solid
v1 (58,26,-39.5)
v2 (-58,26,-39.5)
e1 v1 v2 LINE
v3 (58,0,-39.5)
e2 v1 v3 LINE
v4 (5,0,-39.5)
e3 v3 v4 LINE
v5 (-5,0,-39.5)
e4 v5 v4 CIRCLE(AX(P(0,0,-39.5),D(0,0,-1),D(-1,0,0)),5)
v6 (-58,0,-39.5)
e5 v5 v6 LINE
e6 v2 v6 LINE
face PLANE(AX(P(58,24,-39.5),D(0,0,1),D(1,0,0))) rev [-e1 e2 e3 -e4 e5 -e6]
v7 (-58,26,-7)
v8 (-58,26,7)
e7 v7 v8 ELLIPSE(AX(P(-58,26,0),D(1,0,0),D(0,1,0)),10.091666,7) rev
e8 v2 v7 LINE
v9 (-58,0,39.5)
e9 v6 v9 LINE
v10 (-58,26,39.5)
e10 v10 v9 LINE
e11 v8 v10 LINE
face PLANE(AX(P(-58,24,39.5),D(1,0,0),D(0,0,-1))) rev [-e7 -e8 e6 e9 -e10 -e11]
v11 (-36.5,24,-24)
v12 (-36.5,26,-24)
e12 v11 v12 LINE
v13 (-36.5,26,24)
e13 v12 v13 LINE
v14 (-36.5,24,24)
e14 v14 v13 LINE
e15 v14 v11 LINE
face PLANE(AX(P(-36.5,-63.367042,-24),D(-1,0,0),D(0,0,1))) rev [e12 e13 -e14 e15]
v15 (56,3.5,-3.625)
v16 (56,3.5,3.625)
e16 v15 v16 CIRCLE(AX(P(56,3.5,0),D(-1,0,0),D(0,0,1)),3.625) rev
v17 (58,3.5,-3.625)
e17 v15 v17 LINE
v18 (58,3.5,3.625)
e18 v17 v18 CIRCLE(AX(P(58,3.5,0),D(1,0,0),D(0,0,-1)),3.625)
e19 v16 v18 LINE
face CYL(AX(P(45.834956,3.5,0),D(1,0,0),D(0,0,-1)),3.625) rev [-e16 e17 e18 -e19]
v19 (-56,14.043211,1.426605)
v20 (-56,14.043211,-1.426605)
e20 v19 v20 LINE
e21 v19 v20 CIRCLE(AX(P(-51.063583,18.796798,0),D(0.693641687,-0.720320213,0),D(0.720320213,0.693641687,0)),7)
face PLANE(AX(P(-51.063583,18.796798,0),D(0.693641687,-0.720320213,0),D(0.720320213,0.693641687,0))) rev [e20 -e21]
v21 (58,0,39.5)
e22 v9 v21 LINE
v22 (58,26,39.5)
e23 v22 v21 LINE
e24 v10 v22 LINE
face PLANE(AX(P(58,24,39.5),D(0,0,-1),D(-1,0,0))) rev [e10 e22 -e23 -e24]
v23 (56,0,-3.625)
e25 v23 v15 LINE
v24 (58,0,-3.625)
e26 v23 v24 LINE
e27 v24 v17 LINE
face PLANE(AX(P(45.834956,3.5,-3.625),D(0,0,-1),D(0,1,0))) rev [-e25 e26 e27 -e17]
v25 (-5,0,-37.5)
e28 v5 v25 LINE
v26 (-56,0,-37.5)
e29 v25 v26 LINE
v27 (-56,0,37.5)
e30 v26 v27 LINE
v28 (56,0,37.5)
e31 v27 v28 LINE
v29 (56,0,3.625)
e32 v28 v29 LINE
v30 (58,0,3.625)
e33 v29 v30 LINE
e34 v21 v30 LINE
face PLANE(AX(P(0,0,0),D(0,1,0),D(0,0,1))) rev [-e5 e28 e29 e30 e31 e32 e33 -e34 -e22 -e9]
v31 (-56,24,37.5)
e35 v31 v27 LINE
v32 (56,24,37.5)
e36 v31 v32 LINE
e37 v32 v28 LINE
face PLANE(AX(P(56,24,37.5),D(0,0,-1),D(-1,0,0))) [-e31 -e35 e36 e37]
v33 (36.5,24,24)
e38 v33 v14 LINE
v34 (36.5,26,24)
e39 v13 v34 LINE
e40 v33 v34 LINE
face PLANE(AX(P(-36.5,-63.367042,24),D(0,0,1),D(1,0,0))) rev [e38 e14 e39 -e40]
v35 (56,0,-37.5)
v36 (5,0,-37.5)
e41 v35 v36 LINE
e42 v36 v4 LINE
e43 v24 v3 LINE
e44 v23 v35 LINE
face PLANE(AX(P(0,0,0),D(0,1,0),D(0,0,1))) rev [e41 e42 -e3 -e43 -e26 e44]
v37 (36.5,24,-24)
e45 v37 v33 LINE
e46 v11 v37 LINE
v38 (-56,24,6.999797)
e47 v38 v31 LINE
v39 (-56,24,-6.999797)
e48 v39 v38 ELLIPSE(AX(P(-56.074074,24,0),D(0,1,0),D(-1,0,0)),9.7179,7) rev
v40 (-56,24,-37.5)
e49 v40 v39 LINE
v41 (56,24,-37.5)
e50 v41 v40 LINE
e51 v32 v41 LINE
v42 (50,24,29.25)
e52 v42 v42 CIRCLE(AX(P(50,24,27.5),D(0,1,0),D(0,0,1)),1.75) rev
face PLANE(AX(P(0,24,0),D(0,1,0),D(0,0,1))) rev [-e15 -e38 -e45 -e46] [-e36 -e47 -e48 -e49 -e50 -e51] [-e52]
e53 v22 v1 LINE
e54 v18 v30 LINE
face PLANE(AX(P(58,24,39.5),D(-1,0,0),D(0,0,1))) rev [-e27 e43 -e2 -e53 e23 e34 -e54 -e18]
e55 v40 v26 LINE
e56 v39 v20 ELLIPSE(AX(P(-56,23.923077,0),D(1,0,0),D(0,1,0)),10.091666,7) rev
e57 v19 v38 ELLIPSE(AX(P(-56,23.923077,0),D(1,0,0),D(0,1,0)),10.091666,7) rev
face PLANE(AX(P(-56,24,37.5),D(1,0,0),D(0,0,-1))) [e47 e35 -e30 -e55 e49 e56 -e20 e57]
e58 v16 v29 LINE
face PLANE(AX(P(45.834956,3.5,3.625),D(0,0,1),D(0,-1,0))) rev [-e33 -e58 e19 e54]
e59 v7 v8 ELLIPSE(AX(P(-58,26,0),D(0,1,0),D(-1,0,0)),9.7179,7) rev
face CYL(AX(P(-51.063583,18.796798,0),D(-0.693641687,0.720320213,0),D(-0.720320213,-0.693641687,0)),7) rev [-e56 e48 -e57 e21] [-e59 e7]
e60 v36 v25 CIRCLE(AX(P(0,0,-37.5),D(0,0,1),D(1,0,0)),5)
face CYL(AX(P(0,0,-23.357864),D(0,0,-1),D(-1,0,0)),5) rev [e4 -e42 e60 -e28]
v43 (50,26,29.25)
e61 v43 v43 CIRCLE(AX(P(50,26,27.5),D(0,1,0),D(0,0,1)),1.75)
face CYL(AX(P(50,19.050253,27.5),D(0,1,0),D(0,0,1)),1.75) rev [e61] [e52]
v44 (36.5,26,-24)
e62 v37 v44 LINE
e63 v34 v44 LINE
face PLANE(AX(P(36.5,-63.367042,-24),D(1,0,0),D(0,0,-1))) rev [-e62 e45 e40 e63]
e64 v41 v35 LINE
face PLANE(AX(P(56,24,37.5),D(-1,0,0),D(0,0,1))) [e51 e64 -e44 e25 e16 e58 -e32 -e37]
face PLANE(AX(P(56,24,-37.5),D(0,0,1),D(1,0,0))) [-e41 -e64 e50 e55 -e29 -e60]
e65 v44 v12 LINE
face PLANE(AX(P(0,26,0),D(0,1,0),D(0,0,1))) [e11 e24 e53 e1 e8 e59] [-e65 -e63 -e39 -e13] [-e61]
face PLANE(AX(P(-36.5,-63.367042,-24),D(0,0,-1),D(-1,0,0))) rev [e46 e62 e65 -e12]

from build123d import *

# Parameters (mm, degrees)
SKETCH1_W           = 116
SKETCH1_H           = 79
SKETCH1_W_2         = 112
SKETCH1_H_2         = 75
BOSS_EXTRUDE1_DEPTH = 24
SKETCH2_W           = 116
SKETCH2_H           = 79
BOSS_EXTRUDE2_DEPTH = 2
SKETCH3_W           = 73
SKETCH3_H           = 48
CUT_EXTRUDE1_DEPTH  = 2
SKETCH4_R           = 1.75
CUT_EXTRUDE2_DEPTH  = 2
SKETCH6_R           = 7
CUT_EXTRUDE3_DEPTH  = 10
CUT_EXTRUDE4_DEPTH  = 2
SKETCH8_R           = 5
CUT_EXTRUDE5_DEPTH  = 2


with BuildPart() as part:
    # Sketch1 → Boss-Extrude1 (new body)
    with BuildSketch(Plane(origin=(0, 0, 0), x_dir=(1, 0, 0), z_dir=(0, 1, 0))):
        Rectangle(SKETCH1_W, SKETCH1_H)
        Rectangle(SKETCH1_W_2, SKETCH1_H_2, mode=Mode.SUBTRACT)
    extrude(amount=BOSS_EXTRUDE1_DEPTH)

    # Sketch2 → Boss-Extrude2 (add)
    with BuildSketch(Plane(origin=(0, 24, 0), x_dir=(1, 0, 0), z_dir=(0, 1, 0))):
        Rectangle(SKETCH2_W, SKETCH2_H)
    extrude(amount=BOSS_EXTRUDE2_DEPTH)

    # Sketch3 → Cut-Extrude1 (cut)
    with BuildSketch(Plane(origin=(0, 26, 0), x_dir=(1, 0, 0), z_dir=(0, 1, 0))):
        Rectangle(SKETCH3_W, SKETCH3_H)
    extrude(amount=-CUT_EXTRUDE1_DEPTH, mode=Mode.SUBTRACT)

    # Sketch4 → Cut-Extrude2 (cut)
    with BuildSketch(Plane(origin=(0, 26, 0), x_dir=(1, 0, 0), z_dir=(0, 1, 0))):
        with Locations((50, -27.5)):
            Circle(SKETCH4_R)
    extrude(amount=-CUT_EXTRUDE2_DEPTH, mode=Mode.SUBTRACT)

    # Sketch6 → Cut-Extrude3 (cut)
    with BuildSketch(Plane(origin=(-40.896797153, 42.46975089, 0), x_dir=(-0.720320213, -0.693641687, 0), z_dir=(0.693641687, -0.720320213, 0))):
        with Locations((23.743888519, 0)):
            Circle(SKETCH6_R)
    extrude(amount=CUT_EXTRUDE3_DEPTH, mode=Mode.SUBTRACT)

    # Sketch7 → Cut-Extrude4 (cut)
    with BuildSketch(Plane(origin=(58, 0, 0), x_dir=(0, 0, -1), z_dir=(1, 0, 0))):
        with BuildLine():
            Line((-3.625, 3.5), (-3.625, 0))
            Line((-3.625, 0), (3.625, 0))
            Line((3.625, 0), (3.625, 3.5))
            ThreePointArc((3.625, 3.5), (0, 7.125), (-3.625, 3.5))
        make_face()
    extrude(amount=-CUT_EXTRUDE4_DEPTH, mode=Mode.SUBTRACT)

    # Sketch8 → Cut-Extrude5 (cut)
    with BuildSketch(Plane(origin=(0, 0, -39.5), x_dir=(-1, 0, 0), z_dir=(0, 0, -1))):
        Circle(SKETCH8_R)
    extrude(amount=-CUT_EXTRUDE5_DEPTH, mode=Mode.SUBTRACT)


solid = part.part
